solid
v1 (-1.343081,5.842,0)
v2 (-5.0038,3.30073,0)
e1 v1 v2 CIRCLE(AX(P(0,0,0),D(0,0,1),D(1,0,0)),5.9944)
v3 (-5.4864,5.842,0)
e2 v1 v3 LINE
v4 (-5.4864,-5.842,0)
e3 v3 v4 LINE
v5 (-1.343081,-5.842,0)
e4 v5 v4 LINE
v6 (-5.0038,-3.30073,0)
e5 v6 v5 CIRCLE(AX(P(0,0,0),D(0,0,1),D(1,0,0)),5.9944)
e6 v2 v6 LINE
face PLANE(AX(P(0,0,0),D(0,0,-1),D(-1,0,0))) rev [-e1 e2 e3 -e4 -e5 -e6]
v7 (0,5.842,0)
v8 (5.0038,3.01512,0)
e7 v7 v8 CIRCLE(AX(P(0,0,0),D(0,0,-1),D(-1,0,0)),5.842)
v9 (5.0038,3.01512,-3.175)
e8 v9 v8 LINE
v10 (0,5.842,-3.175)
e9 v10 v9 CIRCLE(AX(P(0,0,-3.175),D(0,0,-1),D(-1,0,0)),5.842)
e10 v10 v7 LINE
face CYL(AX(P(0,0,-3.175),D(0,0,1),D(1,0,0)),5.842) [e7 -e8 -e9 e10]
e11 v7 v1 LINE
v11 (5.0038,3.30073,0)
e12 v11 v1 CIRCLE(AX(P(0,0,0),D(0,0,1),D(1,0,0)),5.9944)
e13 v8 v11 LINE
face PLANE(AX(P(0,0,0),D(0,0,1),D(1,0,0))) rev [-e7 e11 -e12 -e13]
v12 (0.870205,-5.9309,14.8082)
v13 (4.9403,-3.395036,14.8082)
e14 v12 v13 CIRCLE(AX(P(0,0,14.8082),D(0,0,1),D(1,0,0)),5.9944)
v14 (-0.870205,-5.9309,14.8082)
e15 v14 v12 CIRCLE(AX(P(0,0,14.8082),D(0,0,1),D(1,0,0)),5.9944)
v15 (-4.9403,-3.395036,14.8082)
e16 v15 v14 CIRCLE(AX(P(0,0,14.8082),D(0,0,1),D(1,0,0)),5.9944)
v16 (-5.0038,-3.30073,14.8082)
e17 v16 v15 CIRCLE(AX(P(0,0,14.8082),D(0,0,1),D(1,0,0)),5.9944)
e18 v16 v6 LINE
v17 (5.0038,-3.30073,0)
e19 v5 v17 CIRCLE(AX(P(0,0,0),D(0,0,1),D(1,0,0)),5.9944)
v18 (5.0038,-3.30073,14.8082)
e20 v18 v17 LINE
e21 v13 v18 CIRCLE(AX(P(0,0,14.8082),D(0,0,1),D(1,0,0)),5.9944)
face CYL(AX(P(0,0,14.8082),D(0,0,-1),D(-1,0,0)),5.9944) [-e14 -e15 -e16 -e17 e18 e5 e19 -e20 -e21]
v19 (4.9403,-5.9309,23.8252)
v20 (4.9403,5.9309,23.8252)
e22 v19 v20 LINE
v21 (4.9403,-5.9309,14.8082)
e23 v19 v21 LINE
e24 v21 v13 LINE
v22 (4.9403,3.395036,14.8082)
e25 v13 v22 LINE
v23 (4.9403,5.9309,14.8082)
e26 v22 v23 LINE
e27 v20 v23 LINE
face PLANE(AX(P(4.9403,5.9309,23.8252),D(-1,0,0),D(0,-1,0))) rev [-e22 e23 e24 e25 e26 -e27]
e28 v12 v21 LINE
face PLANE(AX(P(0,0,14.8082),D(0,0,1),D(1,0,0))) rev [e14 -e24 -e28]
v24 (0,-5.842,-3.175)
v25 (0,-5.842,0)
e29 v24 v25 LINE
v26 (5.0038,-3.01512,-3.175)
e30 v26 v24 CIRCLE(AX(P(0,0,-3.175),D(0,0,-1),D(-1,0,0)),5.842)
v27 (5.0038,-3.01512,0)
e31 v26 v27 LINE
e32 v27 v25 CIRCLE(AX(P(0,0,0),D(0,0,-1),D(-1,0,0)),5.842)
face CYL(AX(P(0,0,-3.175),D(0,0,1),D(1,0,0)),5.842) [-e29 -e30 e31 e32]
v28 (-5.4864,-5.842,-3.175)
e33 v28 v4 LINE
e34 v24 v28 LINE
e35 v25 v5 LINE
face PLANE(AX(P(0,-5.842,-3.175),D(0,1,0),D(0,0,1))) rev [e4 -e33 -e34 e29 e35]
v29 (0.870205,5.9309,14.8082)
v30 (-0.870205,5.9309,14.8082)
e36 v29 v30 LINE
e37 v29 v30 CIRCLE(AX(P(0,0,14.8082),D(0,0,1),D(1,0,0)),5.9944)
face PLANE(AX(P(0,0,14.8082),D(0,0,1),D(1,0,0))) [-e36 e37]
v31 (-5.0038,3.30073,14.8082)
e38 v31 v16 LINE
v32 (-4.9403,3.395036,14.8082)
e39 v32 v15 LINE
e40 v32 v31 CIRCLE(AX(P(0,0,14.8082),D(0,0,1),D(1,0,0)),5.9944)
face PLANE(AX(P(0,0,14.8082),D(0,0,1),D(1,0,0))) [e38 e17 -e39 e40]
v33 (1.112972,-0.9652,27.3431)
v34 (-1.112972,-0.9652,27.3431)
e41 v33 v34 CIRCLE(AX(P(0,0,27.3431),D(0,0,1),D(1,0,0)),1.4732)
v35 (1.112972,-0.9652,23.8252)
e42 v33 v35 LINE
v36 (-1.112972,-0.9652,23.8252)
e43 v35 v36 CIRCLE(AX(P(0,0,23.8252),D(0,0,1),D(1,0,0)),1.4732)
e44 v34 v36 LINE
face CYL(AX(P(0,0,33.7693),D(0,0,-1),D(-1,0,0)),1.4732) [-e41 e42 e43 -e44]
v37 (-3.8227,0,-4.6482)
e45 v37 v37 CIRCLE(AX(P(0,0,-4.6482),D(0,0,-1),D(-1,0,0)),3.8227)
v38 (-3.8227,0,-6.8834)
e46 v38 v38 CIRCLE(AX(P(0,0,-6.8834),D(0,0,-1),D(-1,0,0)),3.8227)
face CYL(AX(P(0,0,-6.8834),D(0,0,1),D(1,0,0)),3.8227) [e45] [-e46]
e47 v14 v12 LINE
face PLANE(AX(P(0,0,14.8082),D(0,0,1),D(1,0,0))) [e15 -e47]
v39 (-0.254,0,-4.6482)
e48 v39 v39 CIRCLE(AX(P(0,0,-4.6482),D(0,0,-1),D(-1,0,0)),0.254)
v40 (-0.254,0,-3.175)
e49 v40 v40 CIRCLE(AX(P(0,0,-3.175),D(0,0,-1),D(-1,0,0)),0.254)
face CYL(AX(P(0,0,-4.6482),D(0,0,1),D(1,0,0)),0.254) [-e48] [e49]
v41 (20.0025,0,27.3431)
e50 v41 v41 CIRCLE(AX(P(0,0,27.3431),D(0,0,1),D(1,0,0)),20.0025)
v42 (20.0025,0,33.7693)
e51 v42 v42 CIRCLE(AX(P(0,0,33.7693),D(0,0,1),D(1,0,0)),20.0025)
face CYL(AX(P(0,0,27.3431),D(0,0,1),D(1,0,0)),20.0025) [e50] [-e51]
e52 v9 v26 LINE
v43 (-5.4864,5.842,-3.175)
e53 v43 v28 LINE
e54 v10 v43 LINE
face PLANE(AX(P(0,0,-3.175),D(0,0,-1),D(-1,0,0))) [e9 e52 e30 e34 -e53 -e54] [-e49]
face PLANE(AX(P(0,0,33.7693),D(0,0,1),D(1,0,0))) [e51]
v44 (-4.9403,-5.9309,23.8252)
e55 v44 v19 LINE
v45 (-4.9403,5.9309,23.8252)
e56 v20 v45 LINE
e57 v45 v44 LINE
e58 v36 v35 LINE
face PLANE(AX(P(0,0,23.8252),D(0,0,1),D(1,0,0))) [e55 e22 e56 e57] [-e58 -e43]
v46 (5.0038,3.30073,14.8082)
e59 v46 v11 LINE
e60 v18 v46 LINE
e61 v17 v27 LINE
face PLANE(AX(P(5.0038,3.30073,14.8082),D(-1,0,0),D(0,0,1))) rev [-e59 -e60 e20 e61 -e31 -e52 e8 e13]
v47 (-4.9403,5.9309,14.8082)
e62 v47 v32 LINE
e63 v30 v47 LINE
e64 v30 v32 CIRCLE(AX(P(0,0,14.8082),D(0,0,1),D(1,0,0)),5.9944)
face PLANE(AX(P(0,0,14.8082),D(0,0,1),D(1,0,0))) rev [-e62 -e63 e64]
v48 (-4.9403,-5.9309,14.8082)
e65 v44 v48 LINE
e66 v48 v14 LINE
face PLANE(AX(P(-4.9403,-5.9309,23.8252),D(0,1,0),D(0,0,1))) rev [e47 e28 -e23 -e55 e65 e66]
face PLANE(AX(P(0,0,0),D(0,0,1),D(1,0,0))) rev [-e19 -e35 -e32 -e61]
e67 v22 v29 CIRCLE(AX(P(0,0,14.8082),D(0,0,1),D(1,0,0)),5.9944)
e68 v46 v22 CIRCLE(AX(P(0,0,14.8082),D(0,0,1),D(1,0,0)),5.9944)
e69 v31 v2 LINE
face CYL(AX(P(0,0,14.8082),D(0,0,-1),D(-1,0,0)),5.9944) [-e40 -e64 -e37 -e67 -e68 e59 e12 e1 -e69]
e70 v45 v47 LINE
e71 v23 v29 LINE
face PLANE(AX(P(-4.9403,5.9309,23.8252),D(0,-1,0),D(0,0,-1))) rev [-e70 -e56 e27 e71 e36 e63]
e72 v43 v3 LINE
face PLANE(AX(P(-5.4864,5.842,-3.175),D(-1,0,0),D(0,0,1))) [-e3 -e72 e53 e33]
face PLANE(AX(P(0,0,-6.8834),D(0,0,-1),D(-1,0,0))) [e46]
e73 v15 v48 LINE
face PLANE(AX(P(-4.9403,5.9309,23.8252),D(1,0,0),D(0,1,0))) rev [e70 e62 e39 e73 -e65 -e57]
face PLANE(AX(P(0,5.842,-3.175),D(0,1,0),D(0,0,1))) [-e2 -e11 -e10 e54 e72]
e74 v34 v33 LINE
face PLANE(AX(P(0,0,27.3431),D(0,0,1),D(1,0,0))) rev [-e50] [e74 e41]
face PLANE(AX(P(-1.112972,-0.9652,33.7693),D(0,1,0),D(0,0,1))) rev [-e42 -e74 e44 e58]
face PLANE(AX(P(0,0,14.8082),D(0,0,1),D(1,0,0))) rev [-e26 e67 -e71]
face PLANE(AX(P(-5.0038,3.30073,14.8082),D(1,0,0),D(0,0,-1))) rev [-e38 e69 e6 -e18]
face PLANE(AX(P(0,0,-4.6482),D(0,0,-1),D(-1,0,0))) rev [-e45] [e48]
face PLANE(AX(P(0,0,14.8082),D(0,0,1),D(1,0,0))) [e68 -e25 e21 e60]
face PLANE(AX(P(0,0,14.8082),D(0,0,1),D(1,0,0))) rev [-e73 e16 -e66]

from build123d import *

# Parameters (mm, degrees)
BOSS_EXTRUDE1_DEPTH = 14.8082
SKETCH2_W           = 9.8806
SKETCH2_H           = 11.8618
BOSS_EXTRUDE2_DEPTH = 9.017
BOSS_EXTRUDE3_DEPTH = 9.9441
BOSS_EXTRUDE4_START = -6.4262
SKETCH4_R           = 20.0025
BOSS_EXTRUDE4_DEPTH = 6.4262
BOSS_EXTRUDE5_DEPTH = 3.175
SKETCH7_R           = 0.254
BOSS_EXTRUDE6_DEPTH = 1.4732
SKETCH8_R           = 3.8227
BOSS_EXTRUDE7_DEPTH = 2.2352


with BuildPart() as part:
    # Sketch1 → Boss-Extrude1 (new body)
    with BuildSketch(Plane.XY):
        with BuildLine():
            Line((-5.0038, 3.300729756), (-5.0038, -3.300729756))
            ThreePointArc((-5.0038, -3.300729756), (0, -5.9944), (5.0038, -3.300729756))
            Line((5.0038, -3.300729756), (5.0038, 3.300729756))
            ThreePointArc((5.0038, 3.300729756), (0, 5.9944), (-5.0038, 3.300729756))
        make_face()
    extrude(amount=BOSS_EXTRUDE1_DEPTH)

    # Sketch2 → Boss-Extrude2 (add)
    with BuildSketch(Plane.XY.offset(14.8082)):
        Rectangle(SKETCH2_W, SKETCH2_H)
    extrude(amount=BOSS_EXTRUDE2_DEPTH)

    # Sketch3 → Boss-Extrude3 (add)
    with BuildSketch(Plane.XY.offset(23.8252)):
        with BuildLine():
            Line((-1.112972237, -0.9652), (1.112972237, -0.9652))
            ThreePointArc((1.112972237, -0.9652), (0, 1.4732), (-1.112972237, -0.9652))
        make_face()
    extrude(amount=BOSS_EXTRUDE3_DEPTH)

    # Sketch4 → Boss-Extrude4 (add)
    with BuildSketch(Plane.XY.offset(33.7693).offset(BOSS_EXTRUDE4_START)):
        Circle(SKETCH4_R)
        with BuildLine():
            Line((-1.112972237, -0.9652), (1.112972237, -0.9652))
            ThreePointArc((1.112972237, -0.9652), (0, 1.4732), (-1.112972237, -0.9652))
        make_face(mode=Mode.SUBTRACT)
    extrude(amount=BOSS_EXTRUDE4_DEPTH)

    # Sketch5 → Boss-Extrude5 (add)
    with BuildSketch(Plane(origin=(0, 0, 0), x_dir=(-1, 0, 0), z_dir=(0, 0, -1))):
        with BuildLine():
            Line((0, -5.842), (5.4864, -5.842))
            Line((5.4864, -5.842), (5.4864, 5.842))
            Line((5.4864, 5.842), (0, 5.842))
            ThreePointArc((0, 5.842), (-2.873554597, 5.086417991), (-5.0038, 3.015120157))
            Line((-5.0038, 3.015120157), (-5.0038, -3.015120157))
            ThreePointArc((-5.0038, -3.015120157), (-2.873554597, -5.086417991), (0, -5.842))
        make_face()
    extrude(amount=BOSS_EXTRUDE5_DEPTH)

    # Sketch7 → Boss-Extrude6 (add)
    with BuildSketch(Plane(origin=(0, 0, -3.175), x_dir=(-1, 0, 0), z_dir=(0, 0, -1))):
        Circle(SKETCH7_R)
    extrude(amount=BOSS_EXTRUDE6_DEPTH)

    # Sketch8 → Boss-Extrude7 (add)
    with BuildSketch(Plane(origin=(0, 0, -4.6482), x_dir=(-1, 0, 0), z_dir=(0, 0, -1))):
        Circle(SKETCH8_R)
    extrude(amount=BOSS_EXTRUDE7_DEPTH)


solid = part.part
